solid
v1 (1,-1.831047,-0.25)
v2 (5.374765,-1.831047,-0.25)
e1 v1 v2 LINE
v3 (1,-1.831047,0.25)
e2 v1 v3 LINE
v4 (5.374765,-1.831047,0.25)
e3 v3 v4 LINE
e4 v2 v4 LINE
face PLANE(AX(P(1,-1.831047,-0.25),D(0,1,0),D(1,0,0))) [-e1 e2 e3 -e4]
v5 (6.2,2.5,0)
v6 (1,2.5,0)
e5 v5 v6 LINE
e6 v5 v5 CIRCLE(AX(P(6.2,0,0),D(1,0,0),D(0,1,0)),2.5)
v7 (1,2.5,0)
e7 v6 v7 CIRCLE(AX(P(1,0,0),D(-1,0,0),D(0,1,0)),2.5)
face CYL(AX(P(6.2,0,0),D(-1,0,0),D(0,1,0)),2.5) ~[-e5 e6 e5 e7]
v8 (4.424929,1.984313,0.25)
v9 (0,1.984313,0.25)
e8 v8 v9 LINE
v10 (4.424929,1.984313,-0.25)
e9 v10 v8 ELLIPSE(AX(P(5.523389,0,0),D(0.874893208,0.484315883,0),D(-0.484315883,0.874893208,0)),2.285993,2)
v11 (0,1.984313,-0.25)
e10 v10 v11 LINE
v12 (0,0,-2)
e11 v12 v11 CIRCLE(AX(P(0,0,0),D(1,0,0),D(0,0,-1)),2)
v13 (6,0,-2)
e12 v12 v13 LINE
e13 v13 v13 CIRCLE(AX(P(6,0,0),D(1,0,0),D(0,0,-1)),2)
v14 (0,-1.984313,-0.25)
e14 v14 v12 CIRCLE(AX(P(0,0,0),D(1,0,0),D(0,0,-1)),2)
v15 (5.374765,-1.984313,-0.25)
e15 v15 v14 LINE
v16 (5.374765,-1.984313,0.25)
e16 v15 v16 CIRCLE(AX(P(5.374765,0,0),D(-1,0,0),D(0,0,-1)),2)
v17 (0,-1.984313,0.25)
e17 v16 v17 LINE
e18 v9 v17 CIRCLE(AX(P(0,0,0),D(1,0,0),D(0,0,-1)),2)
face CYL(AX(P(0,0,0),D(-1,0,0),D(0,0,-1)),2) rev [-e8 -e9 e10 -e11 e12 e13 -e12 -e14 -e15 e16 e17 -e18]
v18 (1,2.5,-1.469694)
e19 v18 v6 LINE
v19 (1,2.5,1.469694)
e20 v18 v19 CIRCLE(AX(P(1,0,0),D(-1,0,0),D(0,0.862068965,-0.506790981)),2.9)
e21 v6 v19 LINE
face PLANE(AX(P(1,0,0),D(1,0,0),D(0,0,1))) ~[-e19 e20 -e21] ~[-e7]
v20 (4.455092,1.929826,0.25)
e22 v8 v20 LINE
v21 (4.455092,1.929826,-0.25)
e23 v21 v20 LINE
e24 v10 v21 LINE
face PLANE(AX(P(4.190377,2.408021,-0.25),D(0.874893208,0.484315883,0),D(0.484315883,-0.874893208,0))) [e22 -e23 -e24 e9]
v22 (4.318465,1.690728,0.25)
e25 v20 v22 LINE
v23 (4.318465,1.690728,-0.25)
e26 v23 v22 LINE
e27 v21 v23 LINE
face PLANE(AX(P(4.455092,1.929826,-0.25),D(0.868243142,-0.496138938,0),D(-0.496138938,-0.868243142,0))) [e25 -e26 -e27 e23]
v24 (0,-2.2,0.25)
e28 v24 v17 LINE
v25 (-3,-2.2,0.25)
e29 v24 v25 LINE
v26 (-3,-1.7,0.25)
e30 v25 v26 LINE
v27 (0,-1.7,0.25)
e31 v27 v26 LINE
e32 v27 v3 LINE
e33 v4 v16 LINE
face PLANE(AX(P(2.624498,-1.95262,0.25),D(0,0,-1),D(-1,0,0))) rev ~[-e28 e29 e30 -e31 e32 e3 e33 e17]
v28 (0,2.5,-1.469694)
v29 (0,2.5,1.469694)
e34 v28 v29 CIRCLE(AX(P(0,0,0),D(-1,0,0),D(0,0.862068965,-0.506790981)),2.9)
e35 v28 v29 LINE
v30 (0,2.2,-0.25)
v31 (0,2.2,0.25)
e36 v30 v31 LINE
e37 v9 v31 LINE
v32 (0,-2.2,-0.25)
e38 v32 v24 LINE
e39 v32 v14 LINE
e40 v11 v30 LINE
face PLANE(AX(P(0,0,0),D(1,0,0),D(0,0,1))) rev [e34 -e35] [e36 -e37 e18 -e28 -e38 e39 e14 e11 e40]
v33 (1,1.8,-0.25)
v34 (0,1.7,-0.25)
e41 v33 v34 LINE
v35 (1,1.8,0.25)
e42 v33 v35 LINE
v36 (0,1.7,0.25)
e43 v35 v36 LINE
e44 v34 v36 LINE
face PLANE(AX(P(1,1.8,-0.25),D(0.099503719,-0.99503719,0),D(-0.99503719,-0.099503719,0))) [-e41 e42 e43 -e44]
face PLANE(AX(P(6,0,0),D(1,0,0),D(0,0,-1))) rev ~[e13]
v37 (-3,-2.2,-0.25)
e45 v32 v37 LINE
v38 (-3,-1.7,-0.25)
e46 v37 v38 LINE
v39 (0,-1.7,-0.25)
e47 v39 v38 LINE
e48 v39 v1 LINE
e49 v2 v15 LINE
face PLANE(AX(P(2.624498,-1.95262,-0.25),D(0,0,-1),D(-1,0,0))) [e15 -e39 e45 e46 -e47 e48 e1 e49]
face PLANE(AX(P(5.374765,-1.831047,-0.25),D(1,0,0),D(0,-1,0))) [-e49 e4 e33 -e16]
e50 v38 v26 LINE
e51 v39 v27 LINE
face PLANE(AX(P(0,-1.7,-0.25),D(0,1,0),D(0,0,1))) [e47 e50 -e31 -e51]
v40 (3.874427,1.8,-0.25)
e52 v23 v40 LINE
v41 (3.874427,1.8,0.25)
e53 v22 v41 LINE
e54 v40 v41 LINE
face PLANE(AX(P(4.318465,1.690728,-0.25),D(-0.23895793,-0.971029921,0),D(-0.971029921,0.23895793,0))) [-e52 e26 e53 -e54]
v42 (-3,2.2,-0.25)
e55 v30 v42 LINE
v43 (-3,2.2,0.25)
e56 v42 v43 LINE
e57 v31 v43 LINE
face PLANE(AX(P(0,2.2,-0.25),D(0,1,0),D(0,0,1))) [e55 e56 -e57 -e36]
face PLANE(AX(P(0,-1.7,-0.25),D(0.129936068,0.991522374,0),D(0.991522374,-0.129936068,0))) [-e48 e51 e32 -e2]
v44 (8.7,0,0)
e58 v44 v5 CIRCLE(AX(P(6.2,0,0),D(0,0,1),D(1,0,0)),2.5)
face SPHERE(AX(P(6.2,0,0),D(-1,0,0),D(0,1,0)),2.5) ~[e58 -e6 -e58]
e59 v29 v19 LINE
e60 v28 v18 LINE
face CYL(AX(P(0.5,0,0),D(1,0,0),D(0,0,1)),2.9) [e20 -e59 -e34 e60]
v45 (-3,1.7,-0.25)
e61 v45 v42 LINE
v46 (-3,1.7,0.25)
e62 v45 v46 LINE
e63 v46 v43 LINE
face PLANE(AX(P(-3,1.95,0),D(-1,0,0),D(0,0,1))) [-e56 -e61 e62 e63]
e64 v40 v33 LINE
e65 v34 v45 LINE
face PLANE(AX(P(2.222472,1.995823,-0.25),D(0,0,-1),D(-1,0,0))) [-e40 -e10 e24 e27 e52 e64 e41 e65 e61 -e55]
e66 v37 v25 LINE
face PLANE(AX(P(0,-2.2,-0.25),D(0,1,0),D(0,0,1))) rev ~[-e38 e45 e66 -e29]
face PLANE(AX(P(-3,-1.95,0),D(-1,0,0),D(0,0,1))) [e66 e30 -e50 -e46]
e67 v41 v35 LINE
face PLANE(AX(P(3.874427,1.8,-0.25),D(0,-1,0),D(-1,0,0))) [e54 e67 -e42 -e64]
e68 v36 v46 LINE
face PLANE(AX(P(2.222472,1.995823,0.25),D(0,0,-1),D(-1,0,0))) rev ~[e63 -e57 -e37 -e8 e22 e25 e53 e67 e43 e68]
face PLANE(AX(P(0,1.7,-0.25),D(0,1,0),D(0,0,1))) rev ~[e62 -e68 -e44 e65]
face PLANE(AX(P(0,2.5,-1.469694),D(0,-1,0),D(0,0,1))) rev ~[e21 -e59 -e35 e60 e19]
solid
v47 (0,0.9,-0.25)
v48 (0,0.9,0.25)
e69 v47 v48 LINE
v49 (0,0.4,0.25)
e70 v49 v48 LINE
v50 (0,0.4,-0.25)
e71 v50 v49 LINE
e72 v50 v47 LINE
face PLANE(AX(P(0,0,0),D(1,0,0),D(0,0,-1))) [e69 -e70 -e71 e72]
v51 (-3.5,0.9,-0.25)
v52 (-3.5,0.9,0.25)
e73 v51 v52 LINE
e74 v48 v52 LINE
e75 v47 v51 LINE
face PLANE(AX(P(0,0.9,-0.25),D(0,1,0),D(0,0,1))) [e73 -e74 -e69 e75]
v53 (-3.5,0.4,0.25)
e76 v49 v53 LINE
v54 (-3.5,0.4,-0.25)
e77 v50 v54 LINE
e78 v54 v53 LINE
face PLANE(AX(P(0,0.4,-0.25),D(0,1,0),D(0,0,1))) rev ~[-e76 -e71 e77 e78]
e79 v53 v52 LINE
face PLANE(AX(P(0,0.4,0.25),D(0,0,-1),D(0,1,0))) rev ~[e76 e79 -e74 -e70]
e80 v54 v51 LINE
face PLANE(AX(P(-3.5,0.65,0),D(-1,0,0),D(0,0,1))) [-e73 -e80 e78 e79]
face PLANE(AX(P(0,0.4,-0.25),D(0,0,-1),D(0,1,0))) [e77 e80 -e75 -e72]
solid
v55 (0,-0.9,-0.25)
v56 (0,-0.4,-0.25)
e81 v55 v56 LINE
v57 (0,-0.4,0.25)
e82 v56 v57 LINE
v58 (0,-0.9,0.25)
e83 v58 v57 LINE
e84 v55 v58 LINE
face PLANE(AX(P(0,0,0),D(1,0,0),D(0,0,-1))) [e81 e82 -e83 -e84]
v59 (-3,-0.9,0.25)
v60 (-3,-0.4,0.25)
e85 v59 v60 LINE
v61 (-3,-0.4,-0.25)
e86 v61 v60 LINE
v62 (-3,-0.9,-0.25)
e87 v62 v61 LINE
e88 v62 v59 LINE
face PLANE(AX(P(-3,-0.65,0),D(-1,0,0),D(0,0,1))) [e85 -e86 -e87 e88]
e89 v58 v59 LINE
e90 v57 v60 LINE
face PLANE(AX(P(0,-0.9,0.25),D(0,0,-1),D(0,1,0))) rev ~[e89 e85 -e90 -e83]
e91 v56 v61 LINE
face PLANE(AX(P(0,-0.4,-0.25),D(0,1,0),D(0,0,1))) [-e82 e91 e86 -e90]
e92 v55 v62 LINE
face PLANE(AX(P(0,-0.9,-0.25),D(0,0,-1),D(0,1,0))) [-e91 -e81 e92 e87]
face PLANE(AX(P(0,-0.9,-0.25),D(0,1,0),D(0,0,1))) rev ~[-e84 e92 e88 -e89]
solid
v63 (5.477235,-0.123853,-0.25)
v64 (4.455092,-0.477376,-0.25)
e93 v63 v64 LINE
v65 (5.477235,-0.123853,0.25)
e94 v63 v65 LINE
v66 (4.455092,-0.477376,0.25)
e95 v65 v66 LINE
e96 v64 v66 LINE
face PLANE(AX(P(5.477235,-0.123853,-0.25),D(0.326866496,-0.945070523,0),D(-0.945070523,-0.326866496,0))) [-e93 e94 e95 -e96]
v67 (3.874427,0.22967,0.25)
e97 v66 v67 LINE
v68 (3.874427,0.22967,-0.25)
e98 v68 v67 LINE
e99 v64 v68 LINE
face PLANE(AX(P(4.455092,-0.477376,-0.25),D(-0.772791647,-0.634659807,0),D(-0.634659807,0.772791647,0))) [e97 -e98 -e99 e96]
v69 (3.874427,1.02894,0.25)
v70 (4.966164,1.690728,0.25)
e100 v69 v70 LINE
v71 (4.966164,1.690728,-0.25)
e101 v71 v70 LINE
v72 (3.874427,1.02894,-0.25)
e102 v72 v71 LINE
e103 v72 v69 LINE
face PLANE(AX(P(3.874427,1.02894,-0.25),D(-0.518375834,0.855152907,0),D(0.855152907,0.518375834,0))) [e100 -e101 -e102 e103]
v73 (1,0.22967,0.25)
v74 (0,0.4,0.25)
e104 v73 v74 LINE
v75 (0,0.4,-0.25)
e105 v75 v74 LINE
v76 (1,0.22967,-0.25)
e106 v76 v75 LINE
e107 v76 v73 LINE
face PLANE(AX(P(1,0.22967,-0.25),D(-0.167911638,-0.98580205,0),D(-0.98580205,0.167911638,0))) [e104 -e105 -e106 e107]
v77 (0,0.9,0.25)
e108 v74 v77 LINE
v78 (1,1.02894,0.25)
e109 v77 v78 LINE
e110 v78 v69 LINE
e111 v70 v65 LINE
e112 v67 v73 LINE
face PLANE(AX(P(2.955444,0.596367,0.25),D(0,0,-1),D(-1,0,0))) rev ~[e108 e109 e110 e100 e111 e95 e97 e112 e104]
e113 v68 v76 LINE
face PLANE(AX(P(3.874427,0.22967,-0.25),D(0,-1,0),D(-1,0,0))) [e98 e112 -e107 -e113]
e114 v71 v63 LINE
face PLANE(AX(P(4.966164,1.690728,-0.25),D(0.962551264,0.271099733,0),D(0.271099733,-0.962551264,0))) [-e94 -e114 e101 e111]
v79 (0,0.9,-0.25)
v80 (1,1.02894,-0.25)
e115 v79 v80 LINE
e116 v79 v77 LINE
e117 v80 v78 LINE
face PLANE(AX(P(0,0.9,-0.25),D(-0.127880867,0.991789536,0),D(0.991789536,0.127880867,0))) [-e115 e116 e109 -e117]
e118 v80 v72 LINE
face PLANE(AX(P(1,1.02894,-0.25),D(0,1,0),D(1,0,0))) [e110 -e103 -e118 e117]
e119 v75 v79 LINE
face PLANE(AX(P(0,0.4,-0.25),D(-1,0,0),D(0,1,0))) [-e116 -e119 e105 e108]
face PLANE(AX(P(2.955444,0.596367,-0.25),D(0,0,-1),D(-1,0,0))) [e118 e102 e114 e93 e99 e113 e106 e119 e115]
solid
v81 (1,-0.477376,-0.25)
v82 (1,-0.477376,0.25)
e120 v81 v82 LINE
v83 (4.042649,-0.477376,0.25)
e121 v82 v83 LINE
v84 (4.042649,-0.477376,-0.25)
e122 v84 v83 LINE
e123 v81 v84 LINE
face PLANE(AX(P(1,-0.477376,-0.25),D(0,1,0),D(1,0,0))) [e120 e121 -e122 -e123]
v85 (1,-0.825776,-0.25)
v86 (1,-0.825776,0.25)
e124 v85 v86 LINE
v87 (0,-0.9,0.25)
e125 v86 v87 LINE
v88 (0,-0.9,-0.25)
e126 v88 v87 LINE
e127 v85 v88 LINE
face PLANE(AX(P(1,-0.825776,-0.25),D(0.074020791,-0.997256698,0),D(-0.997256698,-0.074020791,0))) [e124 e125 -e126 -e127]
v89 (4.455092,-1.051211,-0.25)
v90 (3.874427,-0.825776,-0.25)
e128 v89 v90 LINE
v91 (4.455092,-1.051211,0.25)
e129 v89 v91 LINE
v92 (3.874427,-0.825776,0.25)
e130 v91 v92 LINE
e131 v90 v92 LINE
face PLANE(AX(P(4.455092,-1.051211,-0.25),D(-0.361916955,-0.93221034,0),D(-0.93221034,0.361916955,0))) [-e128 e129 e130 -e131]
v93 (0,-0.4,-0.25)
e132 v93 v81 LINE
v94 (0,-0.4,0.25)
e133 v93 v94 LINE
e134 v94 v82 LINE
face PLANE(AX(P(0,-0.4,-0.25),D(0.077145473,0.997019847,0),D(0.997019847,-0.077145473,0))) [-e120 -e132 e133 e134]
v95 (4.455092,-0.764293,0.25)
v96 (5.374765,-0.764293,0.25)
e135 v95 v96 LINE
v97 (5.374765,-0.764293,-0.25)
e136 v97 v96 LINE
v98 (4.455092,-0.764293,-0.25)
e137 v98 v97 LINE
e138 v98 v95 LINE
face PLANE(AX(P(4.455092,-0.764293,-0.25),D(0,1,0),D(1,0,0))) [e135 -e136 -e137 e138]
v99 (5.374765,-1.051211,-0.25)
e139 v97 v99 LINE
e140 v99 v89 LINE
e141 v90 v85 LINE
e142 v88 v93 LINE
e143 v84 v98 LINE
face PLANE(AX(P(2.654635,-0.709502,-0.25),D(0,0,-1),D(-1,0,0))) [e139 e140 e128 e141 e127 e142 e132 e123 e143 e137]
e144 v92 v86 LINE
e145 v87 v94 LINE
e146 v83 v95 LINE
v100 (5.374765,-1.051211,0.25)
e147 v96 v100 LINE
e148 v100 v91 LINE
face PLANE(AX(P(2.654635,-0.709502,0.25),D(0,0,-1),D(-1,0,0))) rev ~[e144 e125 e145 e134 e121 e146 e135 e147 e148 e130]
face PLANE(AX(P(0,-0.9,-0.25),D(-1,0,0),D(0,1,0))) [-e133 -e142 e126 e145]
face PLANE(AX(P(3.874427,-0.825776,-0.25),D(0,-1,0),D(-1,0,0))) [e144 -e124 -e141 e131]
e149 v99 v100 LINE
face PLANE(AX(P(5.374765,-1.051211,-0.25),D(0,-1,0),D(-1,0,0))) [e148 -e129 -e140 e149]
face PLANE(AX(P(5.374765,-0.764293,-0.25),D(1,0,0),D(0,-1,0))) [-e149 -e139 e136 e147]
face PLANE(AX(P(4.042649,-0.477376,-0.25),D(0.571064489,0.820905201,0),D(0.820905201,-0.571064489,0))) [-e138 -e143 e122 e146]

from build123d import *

# Parameters (mm, degrees)
SKETCH_3_W               = 1
SKETCH_3_H               = 2.9
CUT_EXTRUDE_1_DEPTH      = 10
SKETCH_5_W               = 0.5
SKETCH_5_H               = 0.5
EXTRUDE_1_DEPTH          = 3
SKETCH_5_3_W             = 0.5
SKETCH_5_3_H             = 0.5
EXTRUDE_2_DEPTH          = 3.5
CUT_EXTRUDE_2_DEPTH      = 5
CUT_EXTRUDE_2_DEPTH_BACK = 1
SKETCH_7_R               = 2
EXTRUDE_3_DEPTH          = 0.25
EXTRUDE_3_DEPTH_BACK     = 0.25


with BuildPart() as part:
    # 草图1 → 旋转1 (revolve)
    with BuildSketch(Plane.XY):
        with BuildLine():
            Line((0, 0), (8.7, 0))
            ThreePointArc((8.7, 0), (7.967766953, 1.767766953), (6.2, 2.5))
            Line((6.2, 2.5), (0, 2.5))
            Line((0, 2.5), (0, 0))
        make_face()
    revolve(axis=Axis((0, 0, 0), (1, 0, 0)))

    # 草图3 → 旋转2 (revolve)
    with BuildSketch(Plane.XY, mode=Mode.PRIVATE) as revolve_2_sk:
        with Locations((0.5, 1.45)):
            Rectangle(SKETCH_3_W, SKETCH_3_H)
    revolve(revolve_2_sk.sketch.rotate(Axis((0, 0, 0), (1, 0, 0)), 90), axis=Axis((0, 0, 0), (1, 0, 0)))

    # 草图4 → 切除-拉伸1 (cut)
    with BuildSketch(Plane.ZY):
        with BuildLine():
            Line((-1.469693846, 2.5), (1.469693846, 2.5))
            ThreePointArc((1.469693846, 2.5), (0, 2.9), (-1.469693846, 2.5))
        make_face()
    extrude(amount=-CUT_EXTRUDE_1_DEPTH, mode=Mode.SUBTRACT)

    # 草图5 → 凸台-拉伸1 (add)
    with BuildSketch(Plane.ZY):
        with Locations((0, 1.95)):
            Rectangle(SKETCH_5_W, SKETCH_5_H)
        with Locations((0, -0.65)):
            Rectangle(SKETCH_5_W, SKETCH_5_H)
        with Locations((0, -1.95)):
            Rectangle(SKETCH_5_W, SKETCH_5_H)
    extrude(amount=EXTRUDE_1_DEPTH)

    # 草图5<3> → 凸台-拉伸2 (add)
    with BuildSketch(Plane.ZY):
        with Locations((0, 0.65)):
            Rectangle(SKETCH_5_3_W, SKETCH_5_3_H)
    extrude(amount=EXTRUDE_2_DEPTH)

    # 草图7 → 切除-拉伸2 (cut, two sides: drawn at the far end of the back side and taken through both)
    with BuildSketch(Plane(origin=(1, 0, 0), x_dir=(0, 0, -1), z_dir=(1, 0, 0)).offset(-CUT_EXTRUDE_2_DEPTH_BACK)):
        Circle(SKETCH_7_R)
    extrude(amount=CUT_EXTRUDE_2_DEPTH + CUT_EXTRUDE_2_DEPTH_BACK, mode=Mode.SUBTRACT)


with BuildPart() as cut_extrude_2_piece_1:
    # of the separate pieces the step leaves, piece 1, a body of its own (cut_extrude_2_pieces)
    add(part.part.solids().sort_by_distance((8.7, 0, 0))[0])

    # 草图6 → 凸台-拉伸3 (add, two sides: drawn at the far end of the back side and taken through both)
    with BuildSketch(Plane.XY.offset(-EXTRUDE_3_DEPTH_BACK)):
        Polygon((1, 2.2), (3.977000914, 2.2), (4.190377097, 2.408020966), (4.455092421, 1.929825542), (4.318465157, 1.69072783), (3.874426549, 1.8), (1, 1.8), (0, 1.7), (0, 2.2), align=None)
        Polygon((1, 1.02893952), (3.874426549, 1.02893952), (4.96616378, 1.69072783), (5.47723514, -0.12385302), (4.455092421, -0.477376065), (3.874426549, 0.229670026), (1, 0.229670026), (0, 0.4), (0, 0.9), align=None)
        Polygon((1, -0.477376065), (4.042648868, -0.477376065), (4.455092421, -0.76429332), (5.374764692, -0.76429332), (5.374764692, -1.051210574), (4.455092421, -1.051210574), (3.874426549, -0.825775589), (1, -0.825775589), (0, -0.9), (0, -0.4), align=None)
        Polygon((1, -1.831047036), (5.374764692, -1.831047036), (5.374764692, -2.075012613), (1, -2.075012613), (0, -2.2), (0, -1.7), align=None)
    extrude(amount=EXTRUDE_3_DEPTH + EXTRUDE_3_DEPTH_BACK)


with BuildPart() as cut_extrude_2_piece_2:
    # of the separate pieces the step leaves, piece 2, a body of its own (cut_extrude_2_pieces)
    add(part.part.solids().sort_by_distance((0, 0.9, -0.25))[0])


with BuildPart() as cut_extrude_2_piece_3:
    # of the separate pieces the step leaves, piece 3, a body of its own (cut_extrude_2_pieces)
    add(part.part.solids().sort_by_distance((0, -0.4, -0.25))[0])


with BuildPart() as extrude_3_piece_1:
    # of the separate pieces the step leaves, piece 1, a body of its own (extrude_3_pieces)
    add(cut_extrude_2_piece_1.part.solids().sort_by_distance((8.7, 0, 0))[0])


with BuildPart() as extrude_3_piece_2:
    # of the separate pieces the step leaves, piece 2, a body of its own (extrude_3_pieces)
    add(cut_extrude_2_piece_1.part.solids().sort_by_distance((1, 1.02893952, 0.25))[0])


with BuildPart() as extrude_3_piece_3:
    # of the separate pieces the step leaves, piece 3, a body of its own (extrude_3_pieces)
    add(cut_extrude_2_piece_1.part.solids().sort_by_distance((1, -0.477376065, 0.25))[0])


solid = Compound([cut_extrude_2_piece_2.part, cut_extrude_2_piece_3.part, extrude_3_piece_1.part, extrude_3_piece_2.part, extrude_3_piece_3.part])
